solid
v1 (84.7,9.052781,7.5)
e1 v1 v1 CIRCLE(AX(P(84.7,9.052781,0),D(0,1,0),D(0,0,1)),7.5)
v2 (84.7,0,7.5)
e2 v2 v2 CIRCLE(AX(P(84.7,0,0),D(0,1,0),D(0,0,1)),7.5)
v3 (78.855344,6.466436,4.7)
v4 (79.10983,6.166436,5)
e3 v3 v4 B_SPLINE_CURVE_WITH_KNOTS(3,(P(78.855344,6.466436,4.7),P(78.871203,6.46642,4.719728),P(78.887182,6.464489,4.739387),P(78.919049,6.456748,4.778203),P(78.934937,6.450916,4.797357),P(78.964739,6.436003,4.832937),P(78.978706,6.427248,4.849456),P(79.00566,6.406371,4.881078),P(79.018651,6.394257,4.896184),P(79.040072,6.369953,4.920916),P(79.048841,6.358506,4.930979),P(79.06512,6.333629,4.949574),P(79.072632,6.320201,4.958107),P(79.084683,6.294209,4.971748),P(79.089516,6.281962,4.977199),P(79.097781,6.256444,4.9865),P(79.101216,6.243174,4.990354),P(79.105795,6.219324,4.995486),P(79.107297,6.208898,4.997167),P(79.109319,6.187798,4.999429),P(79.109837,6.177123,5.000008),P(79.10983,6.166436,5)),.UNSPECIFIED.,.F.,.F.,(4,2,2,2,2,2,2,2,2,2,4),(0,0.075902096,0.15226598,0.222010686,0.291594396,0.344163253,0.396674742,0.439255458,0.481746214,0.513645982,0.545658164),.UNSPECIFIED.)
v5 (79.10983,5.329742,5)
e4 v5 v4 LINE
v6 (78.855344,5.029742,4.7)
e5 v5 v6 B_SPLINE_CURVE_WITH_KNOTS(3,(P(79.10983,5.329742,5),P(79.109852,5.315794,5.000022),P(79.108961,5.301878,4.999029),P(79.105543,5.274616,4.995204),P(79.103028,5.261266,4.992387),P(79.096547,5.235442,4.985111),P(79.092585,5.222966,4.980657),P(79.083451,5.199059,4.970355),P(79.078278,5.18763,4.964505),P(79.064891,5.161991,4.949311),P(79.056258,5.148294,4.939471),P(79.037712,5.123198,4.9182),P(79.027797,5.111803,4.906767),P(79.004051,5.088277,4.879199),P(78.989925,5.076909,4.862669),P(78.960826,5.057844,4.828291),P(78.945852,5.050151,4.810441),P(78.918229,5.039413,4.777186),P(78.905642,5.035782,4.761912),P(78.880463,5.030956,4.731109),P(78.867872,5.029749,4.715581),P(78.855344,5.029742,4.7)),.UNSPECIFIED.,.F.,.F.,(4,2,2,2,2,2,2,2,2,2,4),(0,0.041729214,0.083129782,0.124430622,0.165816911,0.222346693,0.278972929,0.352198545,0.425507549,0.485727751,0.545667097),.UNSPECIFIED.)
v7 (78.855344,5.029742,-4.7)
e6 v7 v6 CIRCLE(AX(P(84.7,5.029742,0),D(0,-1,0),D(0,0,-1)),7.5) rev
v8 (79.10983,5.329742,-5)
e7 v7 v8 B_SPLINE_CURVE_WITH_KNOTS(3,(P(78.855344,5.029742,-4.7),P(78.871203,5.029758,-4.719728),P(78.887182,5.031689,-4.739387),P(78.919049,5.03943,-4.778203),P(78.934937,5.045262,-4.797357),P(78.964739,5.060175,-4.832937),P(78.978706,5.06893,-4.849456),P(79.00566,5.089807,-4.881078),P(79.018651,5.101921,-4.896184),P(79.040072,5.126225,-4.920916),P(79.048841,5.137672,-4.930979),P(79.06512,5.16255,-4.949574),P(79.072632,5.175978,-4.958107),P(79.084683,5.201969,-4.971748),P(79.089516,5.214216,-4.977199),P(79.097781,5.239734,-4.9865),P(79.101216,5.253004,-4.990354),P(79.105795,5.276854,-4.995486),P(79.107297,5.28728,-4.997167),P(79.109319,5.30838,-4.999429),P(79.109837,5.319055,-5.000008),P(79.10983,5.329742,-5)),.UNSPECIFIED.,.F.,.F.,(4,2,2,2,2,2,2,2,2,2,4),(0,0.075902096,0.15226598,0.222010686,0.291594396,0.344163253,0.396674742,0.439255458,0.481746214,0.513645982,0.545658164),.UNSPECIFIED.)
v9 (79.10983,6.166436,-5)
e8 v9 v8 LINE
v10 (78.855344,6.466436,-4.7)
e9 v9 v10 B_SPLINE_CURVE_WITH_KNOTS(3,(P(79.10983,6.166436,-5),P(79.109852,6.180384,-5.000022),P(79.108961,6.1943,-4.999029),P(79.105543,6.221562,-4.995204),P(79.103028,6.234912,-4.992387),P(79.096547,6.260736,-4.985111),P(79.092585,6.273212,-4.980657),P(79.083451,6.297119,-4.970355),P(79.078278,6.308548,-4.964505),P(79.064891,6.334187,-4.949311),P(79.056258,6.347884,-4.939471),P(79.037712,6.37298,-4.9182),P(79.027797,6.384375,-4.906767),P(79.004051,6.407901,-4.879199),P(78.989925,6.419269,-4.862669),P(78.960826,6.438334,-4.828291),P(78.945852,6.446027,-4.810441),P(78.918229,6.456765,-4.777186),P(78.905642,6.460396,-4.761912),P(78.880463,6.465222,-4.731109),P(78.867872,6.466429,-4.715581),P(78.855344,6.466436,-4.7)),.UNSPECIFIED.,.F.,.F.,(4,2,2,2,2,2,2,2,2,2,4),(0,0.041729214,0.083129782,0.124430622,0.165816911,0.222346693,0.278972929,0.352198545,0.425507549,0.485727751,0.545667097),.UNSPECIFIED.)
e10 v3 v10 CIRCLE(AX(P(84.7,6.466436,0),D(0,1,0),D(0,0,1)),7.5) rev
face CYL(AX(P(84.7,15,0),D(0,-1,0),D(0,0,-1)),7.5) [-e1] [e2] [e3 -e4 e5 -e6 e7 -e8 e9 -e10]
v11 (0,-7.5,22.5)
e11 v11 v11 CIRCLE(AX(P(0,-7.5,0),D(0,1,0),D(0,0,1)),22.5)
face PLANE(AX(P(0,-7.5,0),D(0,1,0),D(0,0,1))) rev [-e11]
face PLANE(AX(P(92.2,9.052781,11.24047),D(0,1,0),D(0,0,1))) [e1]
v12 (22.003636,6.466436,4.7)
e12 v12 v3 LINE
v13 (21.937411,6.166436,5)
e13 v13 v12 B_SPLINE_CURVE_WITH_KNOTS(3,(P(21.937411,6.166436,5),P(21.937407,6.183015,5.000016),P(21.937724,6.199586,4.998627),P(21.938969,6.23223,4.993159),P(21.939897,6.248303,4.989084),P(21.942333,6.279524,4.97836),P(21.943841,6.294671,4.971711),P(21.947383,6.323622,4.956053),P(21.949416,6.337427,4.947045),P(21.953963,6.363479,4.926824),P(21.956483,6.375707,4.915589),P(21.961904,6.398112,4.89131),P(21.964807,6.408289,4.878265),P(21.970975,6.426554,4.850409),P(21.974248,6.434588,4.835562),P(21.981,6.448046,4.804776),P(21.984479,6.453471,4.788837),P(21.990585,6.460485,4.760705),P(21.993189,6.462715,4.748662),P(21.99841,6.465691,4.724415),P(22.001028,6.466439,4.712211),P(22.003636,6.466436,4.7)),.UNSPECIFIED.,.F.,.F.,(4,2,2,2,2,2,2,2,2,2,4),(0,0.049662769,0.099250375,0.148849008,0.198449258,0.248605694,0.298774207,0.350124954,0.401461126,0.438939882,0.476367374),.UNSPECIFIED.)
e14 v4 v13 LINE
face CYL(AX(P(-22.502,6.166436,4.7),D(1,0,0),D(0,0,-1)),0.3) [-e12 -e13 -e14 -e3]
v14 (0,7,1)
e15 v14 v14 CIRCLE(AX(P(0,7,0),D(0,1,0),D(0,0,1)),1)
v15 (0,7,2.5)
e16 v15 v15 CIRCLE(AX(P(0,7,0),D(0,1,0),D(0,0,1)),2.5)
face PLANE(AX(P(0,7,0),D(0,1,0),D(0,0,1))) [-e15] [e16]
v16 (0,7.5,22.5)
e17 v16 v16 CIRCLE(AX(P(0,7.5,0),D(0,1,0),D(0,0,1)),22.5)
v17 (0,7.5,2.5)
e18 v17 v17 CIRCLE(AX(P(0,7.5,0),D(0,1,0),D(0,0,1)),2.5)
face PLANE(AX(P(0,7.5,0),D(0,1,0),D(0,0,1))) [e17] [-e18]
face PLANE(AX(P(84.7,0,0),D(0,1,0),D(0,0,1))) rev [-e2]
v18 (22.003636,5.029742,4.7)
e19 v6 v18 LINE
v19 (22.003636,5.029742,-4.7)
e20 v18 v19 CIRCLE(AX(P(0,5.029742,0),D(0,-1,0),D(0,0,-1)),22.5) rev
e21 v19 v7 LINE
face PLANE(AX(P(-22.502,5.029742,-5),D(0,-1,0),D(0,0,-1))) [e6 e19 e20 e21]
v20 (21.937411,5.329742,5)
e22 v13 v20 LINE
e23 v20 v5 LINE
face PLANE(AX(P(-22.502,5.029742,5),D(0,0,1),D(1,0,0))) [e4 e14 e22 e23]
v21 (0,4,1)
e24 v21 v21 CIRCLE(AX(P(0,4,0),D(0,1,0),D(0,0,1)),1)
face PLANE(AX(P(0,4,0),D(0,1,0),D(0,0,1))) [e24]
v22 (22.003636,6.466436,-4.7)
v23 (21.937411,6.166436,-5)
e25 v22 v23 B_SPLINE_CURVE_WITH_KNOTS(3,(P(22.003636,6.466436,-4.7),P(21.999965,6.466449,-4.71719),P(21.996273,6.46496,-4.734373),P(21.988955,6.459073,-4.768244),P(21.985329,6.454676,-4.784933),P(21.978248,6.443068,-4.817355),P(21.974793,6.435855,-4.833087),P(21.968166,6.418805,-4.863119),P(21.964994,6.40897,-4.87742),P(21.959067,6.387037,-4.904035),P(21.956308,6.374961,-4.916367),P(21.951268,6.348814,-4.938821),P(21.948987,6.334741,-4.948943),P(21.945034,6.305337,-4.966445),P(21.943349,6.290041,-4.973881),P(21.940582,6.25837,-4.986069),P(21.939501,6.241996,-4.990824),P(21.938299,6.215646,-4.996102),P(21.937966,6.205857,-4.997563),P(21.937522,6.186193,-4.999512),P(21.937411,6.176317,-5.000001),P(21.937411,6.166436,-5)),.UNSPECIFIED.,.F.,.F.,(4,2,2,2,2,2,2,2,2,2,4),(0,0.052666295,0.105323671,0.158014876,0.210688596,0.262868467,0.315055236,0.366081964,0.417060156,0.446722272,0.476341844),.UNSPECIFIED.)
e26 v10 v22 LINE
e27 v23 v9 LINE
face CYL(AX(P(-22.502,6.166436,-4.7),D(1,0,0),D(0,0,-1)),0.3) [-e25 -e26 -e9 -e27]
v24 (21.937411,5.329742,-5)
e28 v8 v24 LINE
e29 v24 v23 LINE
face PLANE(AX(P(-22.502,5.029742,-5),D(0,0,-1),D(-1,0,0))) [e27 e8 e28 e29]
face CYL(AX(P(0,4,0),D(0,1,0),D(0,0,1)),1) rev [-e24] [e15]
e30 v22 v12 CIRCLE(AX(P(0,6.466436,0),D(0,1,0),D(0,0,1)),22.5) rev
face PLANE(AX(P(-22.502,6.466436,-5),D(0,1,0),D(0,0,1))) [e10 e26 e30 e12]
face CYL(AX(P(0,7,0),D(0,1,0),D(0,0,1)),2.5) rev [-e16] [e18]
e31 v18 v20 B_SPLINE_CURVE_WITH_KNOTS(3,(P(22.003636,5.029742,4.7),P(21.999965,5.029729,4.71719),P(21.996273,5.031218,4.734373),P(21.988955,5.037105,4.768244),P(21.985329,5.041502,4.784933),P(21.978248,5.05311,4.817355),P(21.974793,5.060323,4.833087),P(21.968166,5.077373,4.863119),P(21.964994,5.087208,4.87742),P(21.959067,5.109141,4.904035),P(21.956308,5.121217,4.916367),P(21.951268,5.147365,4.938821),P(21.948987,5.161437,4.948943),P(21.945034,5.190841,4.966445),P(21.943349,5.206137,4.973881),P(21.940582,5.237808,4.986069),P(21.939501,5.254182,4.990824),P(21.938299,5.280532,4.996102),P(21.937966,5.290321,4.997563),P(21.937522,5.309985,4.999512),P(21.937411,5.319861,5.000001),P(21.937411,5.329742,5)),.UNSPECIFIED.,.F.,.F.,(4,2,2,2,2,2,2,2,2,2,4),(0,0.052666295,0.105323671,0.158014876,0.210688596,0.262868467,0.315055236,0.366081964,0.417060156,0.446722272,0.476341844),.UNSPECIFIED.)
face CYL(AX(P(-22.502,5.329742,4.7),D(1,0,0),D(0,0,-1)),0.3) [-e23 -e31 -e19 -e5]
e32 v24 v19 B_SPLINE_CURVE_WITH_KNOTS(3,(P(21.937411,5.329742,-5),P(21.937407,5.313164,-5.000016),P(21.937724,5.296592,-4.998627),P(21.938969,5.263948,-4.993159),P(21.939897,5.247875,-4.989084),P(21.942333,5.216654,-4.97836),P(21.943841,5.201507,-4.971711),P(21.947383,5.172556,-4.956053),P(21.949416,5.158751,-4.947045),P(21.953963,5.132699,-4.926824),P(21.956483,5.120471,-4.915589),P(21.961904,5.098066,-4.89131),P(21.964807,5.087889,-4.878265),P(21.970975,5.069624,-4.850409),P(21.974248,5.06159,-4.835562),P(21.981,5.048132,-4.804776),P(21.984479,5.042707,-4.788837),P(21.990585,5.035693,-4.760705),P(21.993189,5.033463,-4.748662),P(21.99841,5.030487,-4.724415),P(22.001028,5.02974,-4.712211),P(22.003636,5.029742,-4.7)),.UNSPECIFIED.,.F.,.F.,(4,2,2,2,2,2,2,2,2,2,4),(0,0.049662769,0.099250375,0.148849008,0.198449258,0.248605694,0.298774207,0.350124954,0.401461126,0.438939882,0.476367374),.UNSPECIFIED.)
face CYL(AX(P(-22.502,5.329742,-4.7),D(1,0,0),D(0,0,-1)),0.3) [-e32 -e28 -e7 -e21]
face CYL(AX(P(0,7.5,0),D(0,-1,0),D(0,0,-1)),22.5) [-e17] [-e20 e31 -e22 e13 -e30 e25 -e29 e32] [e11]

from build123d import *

# Parameters (mm, degrees)
SKETCH_1_R           = 22.5
EXTRUDE_1_DEPTH      = 7.5
SKETCH_3_R           = 7.5
EXTRUDE_2_DEPTH      = 7.5
SKETCH_4_W           = 23.480524837
SKETCH_4_H           = 9.129078989
CUT_EXTRUDE_2_DEPTH  = 97.083765538
EXTRUDE_3_REACH      = 113.978
EXTRUDE_3_END_RADIUS = 22.5
SKETCH_5_W           = 10
SKETCH_5_H           = 1.436694835
SKETCH_6_R           = 2.5
CUT_EXTRUDE_3_DEPTH  = 0.5
SKETCH_7_R           = 1
CUT_EXTRUDE_4_DEPTH  = 3
FILLET_1_R           = 0.3


with BuildPart() as part:
    # 草图1 → 凸台-拉伸1 (new, symmetric)
    with BuildSketch(Plane(origin=(0, 0, 0), x_dir=(1, 0, 0), z_dir=(0, 1, 0))):
        with Locations(Location((0, 0, 0), (0, 0, 270))):
            Circle(SKETCH_1_R)
    extrude(amount=EXTRUDE_1_DEPTH, both=True)



with BuildPart() as body_2:
    # 草图3 → 凸台-拉伸2 (new, symmetric)
    with BuildSketch(Plane(origin=(0, 7.5, 0), x_dir=(1, 0, 0), z_dir=(0, 1, 0))):
        with Locations(Location((84.7, 0, 0), (0, 0, 270))):
            Circle(SKETCH_3_R)
    extrude(amount=EXTRUDE_2_DEPTH, both=True)

    # 草图4 → 切除-拉伸2 (cut, through all)
    with BuildSketch(Plane(origin=(0, 0, 0), x_dir=(0, 0, -1), z_dir=(1, 0, 0))):
        with Locations((0.499792143, 13.617320583)):
            Rectangle(SKETCH_4_W, SKETCH_4_H)
    extrude(amount=CUT_EXTRUDE_2_DEPTH, mode=Mode.SUBTRACT)


with BuildPart() as part_1:
    add(part.part)

    add(body_2.part)  # 凸台-拉伸3 merges body 2
    # 凸台-拉伸3: up to this cylinder (the profile starts outside it)
    extrude_3_end = Plane(origin=(0, 5.748089, 0), z_dir=(0, -1, 0)) * Cylinder(EXTRUDE_3_END_RADIUS, 273.956, mode=Mode.PRIVATE)
    # 草图5 → 凸台-拉伸3 (add, up to the surface)
    with BuildSketch(Plane(origin=(86.82, 0, 0), x_dir=(0, 0, -1), z_dir=(1, 0, 0)), mode=Mode.PRIVATE) as extrude_3_sk1:
        with Locations((0, 5.748089048)):
            Rectangle(SKETCH_5_W, SKETCH_5_H)
    extrude_3_tool1 = extrude(extrude_3_sk1.sketch, amount=-EXTRUDE_3_REACH, mode=Mode.PRIVATE) - extrude_3_end
    add(extrude_3_tool1.solids().sort_by_distance((86.82, 5.748089, 0))[0])

    # 草图6 → 切除-拉伸3 (cut)
    with BuildSketch(Plane(origin=(0, 7.5, 0), x_dir=(1, 0, 0), z_dir=(0, 1, 0))):
        with Locations(Location((0, 0, 0), (0, 0, 270))):
            Circle(SKETCH_6_R)
    extrude(amount=-CUT_EXTRUDE_3_DEPTH, mode=Mode.SUBTRACT)

    # 草图7 → 切除-拉伸4 (cut)
    with BuildSketch(Plane(origin=(0, 7, 0), x_dir=(1, 0, 0), z_dir=(0, 1, 0))):
        with Locations(Location((0, 0, 0), (0, 0, 270))):
            Circle(SKETCH_7_R)
    extrude(amount=-CUT_EXTRUDE_4_DEPTH, mode=Mode.SUBTRACT)

    # 圆角1
    fillet_1_edges = [part_1.edges().sort_by_distance(p)[0] for p in [
        (50.523620512, 6.466436465, 5),
        (50.523620512, 5.02974163, -5),
        (50.523620512, 5.02974163, 5),
        (50.523620512, 6.466436465, -5),
    ]]
    fillet(fillet_1_edges, radius=FILLET_1_R)


solid = part_1.part
